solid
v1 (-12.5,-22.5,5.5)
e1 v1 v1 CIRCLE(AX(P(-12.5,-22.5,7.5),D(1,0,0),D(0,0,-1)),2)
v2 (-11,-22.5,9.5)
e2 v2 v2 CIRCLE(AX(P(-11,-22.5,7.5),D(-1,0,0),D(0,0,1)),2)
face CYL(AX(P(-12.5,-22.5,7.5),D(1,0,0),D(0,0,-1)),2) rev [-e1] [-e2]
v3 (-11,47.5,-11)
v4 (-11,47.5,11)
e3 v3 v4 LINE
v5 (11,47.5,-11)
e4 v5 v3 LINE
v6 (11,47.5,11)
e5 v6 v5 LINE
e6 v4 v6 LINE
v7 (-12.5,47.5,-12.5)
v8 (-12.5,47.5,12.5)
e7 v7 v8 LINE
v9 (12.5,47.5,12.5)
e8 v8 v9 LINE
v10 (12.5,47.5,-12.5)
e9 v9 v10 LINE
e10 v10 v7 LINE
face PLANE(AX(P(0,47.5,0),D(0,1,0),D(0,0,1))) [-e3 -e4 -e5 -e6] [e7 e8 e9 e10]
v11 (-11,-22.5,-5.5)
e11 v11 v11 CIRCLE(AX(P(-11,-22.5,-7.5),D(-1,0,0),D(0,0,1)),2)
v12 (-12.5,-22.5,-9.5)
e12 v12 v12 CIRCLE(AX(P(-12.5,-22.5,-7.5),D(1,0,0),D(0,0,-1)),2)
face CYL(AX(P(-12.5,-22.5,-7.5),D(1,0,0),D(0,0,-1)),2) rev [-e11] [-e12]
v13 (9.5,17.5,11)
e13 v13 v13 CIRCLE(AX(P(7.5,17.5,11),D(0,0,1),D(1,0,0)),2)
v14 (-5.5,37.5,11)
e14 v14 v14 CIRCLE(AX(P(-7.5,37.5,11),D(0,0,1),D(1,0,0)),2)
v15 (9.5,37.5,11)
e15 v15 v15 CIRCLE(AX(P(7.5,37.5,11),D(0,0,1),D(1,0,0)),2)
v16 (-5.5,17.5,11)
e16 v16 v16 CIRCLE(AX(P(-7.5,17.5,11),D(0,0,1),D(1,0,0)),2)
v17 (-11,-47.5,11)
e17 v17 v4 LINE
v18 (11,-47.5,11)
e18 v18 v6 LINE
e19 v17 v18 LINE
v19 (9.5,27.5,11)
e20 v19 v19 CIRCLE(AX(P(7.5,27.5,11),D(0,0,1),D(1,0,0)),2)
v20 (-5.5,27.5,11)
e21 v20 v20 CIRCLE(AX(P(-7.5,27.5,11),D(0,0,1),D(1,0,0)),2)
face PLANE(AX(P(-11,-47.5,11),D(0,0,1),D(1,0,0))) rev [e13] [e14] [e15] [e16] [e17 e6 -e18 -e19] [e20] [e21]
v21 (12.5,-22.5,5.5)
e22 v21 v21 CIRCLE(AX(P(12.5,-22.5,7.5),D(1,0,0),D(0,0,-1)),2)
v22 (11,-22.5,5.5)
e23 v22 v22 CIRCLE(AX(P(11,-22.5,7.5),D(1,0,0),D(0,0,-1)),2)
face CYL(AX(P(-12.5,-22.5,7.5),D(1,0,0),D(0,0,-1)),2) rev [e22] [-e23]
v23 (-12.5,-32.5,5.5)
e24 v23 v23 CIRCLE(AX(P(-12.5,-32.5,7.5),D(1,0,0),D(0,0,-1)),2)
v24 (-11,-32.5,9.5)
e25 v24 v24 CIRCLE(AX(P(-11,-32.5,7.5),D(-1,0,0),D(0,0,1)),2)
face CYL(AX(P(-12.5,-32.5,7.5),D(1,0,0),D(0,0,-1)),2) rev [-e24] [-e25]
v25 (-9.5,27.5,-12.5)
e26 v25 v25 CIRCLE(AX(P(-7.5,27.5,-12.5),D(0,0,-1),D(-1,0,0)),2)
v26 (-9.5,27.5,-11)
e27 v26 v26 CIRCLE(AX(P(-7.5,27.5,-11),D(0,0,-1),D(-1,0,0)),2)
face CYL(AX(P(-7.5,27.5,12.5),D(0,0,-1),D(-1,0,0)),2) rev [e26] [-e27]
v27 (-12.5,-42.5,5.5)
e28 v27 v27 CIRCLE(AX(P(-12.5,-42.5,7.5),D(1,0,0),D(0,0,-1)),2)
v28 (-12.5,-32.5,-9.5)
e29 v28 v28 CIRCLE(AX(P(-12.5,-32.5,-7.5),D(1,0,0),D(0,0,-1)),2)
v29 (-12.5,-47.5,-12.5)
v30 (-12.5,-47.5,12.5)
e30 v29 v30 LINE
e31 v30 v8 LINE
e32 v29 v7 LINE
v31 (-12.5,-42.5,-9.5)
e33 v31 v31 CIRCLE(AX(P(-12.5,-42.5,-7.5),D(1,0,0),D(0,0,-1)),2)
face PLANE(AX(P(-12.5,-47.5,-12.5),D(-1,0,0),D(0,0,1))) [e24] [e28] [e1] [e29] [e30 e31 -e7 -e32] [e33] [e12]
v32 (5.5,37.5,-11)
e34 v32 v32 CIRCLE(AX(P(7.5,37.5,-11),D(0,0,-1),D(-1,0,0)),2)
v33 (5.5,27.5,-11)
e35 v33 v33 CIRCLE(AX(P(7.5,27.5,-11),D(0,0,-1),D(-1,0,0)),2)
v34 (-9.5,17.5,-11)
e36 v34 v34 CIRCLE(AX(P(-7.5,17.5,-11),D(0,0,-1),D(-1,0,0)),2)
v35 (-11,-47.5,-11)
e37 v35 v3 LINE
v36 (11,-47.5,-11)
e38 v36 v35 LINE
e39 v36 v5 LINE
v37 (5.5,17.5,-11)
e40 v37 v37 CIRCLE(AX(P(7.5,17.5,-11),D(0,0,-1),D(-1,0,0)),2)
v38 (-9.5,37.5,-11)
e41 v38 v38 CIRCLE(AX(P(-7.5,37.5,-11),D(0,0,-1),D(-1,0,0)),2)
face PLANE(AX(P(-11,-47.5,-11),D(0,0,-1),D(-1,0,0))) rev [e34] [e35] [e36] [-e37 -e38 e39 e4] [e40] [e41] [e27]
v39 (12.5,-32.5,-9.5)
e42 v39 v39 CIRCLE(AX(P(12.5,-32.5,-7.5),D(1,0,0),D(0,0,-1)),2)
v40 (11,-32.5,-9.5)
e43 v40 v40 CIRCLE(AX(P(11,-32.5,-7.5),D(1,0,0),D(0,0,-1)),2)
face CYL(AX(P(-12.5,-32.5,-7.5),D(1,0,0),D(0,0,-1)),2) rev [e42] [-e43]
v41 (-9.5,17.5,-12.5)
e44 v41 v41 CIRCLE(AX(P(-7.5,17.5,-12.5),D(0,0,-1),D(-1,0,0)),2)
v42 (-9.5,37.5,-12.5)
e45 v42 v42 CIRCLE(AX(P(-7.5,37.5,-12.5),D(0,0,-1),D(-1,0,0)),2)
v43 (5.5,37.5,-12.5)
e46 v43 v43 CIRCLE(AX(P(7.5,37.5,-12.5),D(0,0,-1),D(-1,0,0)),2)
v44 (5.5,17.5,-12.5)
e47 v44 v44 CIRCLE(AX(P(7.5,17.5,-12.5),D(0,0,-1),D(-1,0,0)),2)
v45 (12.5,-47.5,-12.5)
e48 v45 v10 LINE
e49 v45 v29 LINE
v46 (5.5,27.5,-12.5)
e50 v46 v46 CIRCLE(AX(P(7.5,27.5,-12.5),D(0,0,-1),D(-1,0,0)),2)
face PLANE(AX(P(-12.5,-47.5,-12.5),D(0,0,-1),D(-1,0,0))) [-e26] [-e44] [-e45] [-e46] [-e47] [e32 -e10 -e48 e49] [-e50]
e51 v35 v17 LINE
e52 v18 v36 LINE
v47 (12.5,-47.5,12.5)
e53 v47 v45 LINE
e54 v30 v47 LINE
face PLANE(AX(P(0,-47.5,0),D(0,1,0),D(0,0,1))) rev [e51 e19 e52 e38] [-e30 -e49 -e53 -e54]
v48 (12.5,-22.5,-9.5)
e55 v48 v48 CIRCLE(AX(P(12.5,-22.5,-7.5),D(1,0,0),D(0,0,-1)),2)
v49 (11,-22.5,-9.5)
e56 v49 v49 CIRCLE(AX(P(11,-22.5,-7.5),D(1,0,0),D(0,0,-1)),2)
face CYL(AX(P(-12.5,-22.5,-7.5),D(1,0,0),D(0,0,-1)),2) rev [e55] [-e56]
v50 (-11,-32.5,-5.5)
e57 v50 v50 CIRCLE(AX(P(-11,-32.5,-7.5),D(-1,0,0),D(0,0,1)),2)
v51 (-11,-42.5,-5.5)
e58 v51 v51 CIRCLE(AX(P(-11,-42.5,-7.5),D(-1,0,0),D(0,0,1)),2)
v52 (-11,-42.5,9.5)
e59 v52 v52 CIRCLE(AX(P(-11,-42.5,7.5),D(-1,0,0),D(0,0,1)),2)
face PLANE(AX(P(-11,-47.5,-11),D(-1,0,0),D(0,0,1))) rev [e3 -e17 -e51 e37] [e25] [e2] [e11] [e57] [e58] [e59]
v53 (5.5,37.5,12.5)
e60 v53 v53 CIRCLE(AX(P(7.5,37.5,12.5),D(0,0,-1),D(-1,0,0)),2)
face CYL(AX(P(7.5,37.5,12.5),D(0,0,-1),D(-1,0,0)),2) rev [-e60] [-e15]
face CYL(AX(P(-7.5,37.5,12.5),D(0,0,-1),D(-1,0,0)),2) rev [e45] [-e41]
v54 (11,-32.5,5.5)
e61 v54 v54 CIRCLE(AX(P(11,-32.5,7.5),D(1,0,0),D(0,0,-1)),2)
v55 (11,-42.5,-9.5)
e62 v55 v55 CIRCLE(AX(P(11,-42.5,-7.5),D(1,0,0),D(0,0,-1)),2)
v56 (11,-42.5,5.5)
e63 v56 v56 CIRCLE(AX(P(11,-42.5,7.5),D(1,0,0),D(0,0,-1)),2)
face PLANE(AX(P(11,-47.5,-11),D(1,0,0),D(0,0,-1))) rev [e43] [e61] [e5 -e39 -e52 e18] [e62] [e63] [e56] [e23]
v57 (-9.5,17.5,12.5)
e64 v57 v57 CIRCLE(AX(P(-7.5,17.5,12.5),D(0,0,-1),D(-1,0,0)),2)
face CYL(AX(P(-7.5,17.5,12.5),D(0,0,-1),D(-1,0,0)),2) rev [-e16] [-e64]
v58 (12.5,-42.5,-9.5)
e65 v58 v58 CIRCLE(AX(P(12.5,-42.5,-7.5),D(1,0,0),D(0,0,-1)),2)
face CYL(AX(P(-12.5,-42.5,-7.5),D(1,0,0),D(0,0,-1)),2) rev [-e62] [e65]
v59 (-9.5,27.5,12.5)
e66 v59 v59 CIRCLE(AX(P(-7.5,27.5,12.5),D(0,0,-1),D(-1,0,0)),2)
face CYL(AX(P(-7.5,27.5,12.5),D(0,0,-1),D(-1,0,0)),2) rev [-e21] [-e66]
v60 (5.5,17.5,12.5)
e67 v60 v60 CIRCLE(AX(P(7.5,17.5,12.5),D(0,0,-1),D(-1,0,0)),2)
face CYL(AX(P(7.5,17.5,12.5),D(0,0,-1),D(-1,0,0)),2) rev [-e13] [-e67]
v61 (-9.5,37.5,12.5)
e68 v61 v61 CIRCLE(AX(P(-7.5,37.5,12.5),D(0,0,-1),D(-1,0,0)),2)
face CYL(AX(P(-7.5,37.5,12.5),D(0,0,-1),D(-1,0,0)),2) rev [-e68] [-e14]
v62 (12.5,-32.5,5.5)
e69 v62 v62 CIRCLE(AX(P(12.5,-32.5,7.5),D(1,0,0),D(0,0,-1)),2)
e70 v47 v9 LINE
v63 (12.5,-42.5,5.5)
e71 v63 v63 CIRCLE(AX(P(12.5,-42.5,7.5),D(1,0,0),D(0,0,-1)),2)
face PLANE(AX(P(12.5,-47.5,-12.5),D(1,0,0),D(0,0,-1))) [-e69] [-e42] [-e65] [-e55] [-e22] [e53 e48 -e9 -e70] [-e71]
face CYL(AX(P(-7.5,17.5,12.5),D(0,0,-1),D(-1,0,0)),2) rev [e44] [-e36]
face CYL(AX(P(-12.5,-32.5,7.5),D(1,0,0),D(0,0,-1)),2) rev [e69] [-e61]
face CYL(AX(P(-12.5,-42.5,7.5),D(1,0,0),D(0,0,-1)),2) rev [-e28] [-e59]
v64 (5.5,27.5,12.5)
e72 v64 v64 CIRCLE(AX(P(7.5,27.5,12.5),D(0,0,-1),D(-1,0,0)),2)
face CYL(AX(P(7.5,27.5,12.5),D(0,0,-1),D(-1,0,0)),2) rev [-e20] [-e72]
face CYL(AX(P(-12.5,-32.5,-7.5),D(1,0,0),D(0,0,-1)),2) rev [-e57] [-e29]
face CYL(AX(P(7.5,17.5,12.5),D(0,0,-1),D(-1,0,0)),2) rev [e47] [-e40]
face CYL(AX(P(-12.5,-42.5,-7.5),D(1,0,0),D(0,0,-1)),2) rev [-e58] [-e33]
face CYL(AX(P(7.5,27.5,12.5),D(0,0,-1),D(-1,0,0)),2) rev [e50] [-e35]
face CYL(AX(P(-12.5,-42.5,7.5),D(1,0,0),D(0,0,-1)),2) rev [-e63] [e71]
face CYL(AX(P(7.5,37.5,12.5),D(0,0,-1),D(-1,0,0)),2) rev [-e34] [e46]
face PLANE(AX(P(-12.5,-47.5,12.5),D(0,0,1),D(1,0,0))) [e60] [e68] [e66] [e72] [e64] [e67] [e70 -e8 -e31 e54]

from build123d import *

# Parameters (mm, degrees)
BOSS_EXTRUDE1_DEPTH      = 47.5
BOSS_EXTRUDE1_DEPTH_BACK = 47.5
SKETCH3_W                = 25
SKETCH3_H                = 25
SKETCH3_W_2              = 22
SKETCH3_H_2              = 22
SKETCH6_R                = 2
CUT_EXTRUDE3_DEPTH       = 25
SKETCH7_R                = 2
CUT_EXTRUDE4_DEPTH       = 25


with BuildPart() as part:
    # Sketch3 → Boss-Extrude1 (new, two sides: drawn at the far end of the back side and taken through both)
    with BuildSketch(Plane(origin=(0, 0, 0), x_dir=(1, 0, 0), z_dir=(0, 1, 0)).offset(-BOSS_EXTRUDE1_DEPTH_BACK)):
        Rectangle(SKETCH3_W, SKETCH3_H)
        Rectangle(SKETCH3_W_2, SKETCH3_H_2, mode=Mode.SUBTRACT)
    extrude(amount=BOSS_EXTRUDE1_DEPTH + BOSS_EXTRUDE1_DEPTH_BACK)

    # Sketch6 → Cut-Extrude3 (cut)
    with BuildSketch(Plane(origin=(12.5, 0, 0), x_dir=(0, 0, -1), z_dir=(1, 0, 0))):
        with Locations((7.5, -42.5)):
            Circle(SKETCH6_R)
        with Locations((7.5, -22.5)):
            Circle(SKETCH6_R)
        with Locations((-7.5, -42.5)):
            Circle(SKETCH6_R)
        with Locations((-7.5, -22.5)):
            Circle(SKETCH6_R)
        with Locations((7.5, -32.5)):
            Circle(SKETCH6_R)
        with Locations((-7.5, -32.5)):
            Circle(SKETCH6_R)
    extrude(amount=-CUT_EXTRUDE3_DEPTH, mode=Mode.SUBTRACT)

    # Sketch7 → Cut-Extrude4 (cut)
    with BuildSketch(Plane(origin=(0, 0, -12.5), x_dir=(-1, 0, 0), z_dir=(0, 0, -1))):
        with Locations((7.5, 37.5)):
            Circle(SKETCH7_R)
        with Locations((7.5, 27.5)):
            Circle(SKETCH7_R)
        with Locations((-7.5, 37.5)):
            Circle(SKETCH7_R)
        with Locations((-7.5, 27.5)):
            Circle(SKETCH7_R)
        with Locations((-7.5, 17.5)):
            Circle(SKETCH7_R)
        with Locations((7.5, 17.5)):
            Circle(SKETCH7_R)
    extrude(amount=-CUT_EXTRUDE4_DEPTH, mode=Mode.SUBTRACT)


solid = part.part
